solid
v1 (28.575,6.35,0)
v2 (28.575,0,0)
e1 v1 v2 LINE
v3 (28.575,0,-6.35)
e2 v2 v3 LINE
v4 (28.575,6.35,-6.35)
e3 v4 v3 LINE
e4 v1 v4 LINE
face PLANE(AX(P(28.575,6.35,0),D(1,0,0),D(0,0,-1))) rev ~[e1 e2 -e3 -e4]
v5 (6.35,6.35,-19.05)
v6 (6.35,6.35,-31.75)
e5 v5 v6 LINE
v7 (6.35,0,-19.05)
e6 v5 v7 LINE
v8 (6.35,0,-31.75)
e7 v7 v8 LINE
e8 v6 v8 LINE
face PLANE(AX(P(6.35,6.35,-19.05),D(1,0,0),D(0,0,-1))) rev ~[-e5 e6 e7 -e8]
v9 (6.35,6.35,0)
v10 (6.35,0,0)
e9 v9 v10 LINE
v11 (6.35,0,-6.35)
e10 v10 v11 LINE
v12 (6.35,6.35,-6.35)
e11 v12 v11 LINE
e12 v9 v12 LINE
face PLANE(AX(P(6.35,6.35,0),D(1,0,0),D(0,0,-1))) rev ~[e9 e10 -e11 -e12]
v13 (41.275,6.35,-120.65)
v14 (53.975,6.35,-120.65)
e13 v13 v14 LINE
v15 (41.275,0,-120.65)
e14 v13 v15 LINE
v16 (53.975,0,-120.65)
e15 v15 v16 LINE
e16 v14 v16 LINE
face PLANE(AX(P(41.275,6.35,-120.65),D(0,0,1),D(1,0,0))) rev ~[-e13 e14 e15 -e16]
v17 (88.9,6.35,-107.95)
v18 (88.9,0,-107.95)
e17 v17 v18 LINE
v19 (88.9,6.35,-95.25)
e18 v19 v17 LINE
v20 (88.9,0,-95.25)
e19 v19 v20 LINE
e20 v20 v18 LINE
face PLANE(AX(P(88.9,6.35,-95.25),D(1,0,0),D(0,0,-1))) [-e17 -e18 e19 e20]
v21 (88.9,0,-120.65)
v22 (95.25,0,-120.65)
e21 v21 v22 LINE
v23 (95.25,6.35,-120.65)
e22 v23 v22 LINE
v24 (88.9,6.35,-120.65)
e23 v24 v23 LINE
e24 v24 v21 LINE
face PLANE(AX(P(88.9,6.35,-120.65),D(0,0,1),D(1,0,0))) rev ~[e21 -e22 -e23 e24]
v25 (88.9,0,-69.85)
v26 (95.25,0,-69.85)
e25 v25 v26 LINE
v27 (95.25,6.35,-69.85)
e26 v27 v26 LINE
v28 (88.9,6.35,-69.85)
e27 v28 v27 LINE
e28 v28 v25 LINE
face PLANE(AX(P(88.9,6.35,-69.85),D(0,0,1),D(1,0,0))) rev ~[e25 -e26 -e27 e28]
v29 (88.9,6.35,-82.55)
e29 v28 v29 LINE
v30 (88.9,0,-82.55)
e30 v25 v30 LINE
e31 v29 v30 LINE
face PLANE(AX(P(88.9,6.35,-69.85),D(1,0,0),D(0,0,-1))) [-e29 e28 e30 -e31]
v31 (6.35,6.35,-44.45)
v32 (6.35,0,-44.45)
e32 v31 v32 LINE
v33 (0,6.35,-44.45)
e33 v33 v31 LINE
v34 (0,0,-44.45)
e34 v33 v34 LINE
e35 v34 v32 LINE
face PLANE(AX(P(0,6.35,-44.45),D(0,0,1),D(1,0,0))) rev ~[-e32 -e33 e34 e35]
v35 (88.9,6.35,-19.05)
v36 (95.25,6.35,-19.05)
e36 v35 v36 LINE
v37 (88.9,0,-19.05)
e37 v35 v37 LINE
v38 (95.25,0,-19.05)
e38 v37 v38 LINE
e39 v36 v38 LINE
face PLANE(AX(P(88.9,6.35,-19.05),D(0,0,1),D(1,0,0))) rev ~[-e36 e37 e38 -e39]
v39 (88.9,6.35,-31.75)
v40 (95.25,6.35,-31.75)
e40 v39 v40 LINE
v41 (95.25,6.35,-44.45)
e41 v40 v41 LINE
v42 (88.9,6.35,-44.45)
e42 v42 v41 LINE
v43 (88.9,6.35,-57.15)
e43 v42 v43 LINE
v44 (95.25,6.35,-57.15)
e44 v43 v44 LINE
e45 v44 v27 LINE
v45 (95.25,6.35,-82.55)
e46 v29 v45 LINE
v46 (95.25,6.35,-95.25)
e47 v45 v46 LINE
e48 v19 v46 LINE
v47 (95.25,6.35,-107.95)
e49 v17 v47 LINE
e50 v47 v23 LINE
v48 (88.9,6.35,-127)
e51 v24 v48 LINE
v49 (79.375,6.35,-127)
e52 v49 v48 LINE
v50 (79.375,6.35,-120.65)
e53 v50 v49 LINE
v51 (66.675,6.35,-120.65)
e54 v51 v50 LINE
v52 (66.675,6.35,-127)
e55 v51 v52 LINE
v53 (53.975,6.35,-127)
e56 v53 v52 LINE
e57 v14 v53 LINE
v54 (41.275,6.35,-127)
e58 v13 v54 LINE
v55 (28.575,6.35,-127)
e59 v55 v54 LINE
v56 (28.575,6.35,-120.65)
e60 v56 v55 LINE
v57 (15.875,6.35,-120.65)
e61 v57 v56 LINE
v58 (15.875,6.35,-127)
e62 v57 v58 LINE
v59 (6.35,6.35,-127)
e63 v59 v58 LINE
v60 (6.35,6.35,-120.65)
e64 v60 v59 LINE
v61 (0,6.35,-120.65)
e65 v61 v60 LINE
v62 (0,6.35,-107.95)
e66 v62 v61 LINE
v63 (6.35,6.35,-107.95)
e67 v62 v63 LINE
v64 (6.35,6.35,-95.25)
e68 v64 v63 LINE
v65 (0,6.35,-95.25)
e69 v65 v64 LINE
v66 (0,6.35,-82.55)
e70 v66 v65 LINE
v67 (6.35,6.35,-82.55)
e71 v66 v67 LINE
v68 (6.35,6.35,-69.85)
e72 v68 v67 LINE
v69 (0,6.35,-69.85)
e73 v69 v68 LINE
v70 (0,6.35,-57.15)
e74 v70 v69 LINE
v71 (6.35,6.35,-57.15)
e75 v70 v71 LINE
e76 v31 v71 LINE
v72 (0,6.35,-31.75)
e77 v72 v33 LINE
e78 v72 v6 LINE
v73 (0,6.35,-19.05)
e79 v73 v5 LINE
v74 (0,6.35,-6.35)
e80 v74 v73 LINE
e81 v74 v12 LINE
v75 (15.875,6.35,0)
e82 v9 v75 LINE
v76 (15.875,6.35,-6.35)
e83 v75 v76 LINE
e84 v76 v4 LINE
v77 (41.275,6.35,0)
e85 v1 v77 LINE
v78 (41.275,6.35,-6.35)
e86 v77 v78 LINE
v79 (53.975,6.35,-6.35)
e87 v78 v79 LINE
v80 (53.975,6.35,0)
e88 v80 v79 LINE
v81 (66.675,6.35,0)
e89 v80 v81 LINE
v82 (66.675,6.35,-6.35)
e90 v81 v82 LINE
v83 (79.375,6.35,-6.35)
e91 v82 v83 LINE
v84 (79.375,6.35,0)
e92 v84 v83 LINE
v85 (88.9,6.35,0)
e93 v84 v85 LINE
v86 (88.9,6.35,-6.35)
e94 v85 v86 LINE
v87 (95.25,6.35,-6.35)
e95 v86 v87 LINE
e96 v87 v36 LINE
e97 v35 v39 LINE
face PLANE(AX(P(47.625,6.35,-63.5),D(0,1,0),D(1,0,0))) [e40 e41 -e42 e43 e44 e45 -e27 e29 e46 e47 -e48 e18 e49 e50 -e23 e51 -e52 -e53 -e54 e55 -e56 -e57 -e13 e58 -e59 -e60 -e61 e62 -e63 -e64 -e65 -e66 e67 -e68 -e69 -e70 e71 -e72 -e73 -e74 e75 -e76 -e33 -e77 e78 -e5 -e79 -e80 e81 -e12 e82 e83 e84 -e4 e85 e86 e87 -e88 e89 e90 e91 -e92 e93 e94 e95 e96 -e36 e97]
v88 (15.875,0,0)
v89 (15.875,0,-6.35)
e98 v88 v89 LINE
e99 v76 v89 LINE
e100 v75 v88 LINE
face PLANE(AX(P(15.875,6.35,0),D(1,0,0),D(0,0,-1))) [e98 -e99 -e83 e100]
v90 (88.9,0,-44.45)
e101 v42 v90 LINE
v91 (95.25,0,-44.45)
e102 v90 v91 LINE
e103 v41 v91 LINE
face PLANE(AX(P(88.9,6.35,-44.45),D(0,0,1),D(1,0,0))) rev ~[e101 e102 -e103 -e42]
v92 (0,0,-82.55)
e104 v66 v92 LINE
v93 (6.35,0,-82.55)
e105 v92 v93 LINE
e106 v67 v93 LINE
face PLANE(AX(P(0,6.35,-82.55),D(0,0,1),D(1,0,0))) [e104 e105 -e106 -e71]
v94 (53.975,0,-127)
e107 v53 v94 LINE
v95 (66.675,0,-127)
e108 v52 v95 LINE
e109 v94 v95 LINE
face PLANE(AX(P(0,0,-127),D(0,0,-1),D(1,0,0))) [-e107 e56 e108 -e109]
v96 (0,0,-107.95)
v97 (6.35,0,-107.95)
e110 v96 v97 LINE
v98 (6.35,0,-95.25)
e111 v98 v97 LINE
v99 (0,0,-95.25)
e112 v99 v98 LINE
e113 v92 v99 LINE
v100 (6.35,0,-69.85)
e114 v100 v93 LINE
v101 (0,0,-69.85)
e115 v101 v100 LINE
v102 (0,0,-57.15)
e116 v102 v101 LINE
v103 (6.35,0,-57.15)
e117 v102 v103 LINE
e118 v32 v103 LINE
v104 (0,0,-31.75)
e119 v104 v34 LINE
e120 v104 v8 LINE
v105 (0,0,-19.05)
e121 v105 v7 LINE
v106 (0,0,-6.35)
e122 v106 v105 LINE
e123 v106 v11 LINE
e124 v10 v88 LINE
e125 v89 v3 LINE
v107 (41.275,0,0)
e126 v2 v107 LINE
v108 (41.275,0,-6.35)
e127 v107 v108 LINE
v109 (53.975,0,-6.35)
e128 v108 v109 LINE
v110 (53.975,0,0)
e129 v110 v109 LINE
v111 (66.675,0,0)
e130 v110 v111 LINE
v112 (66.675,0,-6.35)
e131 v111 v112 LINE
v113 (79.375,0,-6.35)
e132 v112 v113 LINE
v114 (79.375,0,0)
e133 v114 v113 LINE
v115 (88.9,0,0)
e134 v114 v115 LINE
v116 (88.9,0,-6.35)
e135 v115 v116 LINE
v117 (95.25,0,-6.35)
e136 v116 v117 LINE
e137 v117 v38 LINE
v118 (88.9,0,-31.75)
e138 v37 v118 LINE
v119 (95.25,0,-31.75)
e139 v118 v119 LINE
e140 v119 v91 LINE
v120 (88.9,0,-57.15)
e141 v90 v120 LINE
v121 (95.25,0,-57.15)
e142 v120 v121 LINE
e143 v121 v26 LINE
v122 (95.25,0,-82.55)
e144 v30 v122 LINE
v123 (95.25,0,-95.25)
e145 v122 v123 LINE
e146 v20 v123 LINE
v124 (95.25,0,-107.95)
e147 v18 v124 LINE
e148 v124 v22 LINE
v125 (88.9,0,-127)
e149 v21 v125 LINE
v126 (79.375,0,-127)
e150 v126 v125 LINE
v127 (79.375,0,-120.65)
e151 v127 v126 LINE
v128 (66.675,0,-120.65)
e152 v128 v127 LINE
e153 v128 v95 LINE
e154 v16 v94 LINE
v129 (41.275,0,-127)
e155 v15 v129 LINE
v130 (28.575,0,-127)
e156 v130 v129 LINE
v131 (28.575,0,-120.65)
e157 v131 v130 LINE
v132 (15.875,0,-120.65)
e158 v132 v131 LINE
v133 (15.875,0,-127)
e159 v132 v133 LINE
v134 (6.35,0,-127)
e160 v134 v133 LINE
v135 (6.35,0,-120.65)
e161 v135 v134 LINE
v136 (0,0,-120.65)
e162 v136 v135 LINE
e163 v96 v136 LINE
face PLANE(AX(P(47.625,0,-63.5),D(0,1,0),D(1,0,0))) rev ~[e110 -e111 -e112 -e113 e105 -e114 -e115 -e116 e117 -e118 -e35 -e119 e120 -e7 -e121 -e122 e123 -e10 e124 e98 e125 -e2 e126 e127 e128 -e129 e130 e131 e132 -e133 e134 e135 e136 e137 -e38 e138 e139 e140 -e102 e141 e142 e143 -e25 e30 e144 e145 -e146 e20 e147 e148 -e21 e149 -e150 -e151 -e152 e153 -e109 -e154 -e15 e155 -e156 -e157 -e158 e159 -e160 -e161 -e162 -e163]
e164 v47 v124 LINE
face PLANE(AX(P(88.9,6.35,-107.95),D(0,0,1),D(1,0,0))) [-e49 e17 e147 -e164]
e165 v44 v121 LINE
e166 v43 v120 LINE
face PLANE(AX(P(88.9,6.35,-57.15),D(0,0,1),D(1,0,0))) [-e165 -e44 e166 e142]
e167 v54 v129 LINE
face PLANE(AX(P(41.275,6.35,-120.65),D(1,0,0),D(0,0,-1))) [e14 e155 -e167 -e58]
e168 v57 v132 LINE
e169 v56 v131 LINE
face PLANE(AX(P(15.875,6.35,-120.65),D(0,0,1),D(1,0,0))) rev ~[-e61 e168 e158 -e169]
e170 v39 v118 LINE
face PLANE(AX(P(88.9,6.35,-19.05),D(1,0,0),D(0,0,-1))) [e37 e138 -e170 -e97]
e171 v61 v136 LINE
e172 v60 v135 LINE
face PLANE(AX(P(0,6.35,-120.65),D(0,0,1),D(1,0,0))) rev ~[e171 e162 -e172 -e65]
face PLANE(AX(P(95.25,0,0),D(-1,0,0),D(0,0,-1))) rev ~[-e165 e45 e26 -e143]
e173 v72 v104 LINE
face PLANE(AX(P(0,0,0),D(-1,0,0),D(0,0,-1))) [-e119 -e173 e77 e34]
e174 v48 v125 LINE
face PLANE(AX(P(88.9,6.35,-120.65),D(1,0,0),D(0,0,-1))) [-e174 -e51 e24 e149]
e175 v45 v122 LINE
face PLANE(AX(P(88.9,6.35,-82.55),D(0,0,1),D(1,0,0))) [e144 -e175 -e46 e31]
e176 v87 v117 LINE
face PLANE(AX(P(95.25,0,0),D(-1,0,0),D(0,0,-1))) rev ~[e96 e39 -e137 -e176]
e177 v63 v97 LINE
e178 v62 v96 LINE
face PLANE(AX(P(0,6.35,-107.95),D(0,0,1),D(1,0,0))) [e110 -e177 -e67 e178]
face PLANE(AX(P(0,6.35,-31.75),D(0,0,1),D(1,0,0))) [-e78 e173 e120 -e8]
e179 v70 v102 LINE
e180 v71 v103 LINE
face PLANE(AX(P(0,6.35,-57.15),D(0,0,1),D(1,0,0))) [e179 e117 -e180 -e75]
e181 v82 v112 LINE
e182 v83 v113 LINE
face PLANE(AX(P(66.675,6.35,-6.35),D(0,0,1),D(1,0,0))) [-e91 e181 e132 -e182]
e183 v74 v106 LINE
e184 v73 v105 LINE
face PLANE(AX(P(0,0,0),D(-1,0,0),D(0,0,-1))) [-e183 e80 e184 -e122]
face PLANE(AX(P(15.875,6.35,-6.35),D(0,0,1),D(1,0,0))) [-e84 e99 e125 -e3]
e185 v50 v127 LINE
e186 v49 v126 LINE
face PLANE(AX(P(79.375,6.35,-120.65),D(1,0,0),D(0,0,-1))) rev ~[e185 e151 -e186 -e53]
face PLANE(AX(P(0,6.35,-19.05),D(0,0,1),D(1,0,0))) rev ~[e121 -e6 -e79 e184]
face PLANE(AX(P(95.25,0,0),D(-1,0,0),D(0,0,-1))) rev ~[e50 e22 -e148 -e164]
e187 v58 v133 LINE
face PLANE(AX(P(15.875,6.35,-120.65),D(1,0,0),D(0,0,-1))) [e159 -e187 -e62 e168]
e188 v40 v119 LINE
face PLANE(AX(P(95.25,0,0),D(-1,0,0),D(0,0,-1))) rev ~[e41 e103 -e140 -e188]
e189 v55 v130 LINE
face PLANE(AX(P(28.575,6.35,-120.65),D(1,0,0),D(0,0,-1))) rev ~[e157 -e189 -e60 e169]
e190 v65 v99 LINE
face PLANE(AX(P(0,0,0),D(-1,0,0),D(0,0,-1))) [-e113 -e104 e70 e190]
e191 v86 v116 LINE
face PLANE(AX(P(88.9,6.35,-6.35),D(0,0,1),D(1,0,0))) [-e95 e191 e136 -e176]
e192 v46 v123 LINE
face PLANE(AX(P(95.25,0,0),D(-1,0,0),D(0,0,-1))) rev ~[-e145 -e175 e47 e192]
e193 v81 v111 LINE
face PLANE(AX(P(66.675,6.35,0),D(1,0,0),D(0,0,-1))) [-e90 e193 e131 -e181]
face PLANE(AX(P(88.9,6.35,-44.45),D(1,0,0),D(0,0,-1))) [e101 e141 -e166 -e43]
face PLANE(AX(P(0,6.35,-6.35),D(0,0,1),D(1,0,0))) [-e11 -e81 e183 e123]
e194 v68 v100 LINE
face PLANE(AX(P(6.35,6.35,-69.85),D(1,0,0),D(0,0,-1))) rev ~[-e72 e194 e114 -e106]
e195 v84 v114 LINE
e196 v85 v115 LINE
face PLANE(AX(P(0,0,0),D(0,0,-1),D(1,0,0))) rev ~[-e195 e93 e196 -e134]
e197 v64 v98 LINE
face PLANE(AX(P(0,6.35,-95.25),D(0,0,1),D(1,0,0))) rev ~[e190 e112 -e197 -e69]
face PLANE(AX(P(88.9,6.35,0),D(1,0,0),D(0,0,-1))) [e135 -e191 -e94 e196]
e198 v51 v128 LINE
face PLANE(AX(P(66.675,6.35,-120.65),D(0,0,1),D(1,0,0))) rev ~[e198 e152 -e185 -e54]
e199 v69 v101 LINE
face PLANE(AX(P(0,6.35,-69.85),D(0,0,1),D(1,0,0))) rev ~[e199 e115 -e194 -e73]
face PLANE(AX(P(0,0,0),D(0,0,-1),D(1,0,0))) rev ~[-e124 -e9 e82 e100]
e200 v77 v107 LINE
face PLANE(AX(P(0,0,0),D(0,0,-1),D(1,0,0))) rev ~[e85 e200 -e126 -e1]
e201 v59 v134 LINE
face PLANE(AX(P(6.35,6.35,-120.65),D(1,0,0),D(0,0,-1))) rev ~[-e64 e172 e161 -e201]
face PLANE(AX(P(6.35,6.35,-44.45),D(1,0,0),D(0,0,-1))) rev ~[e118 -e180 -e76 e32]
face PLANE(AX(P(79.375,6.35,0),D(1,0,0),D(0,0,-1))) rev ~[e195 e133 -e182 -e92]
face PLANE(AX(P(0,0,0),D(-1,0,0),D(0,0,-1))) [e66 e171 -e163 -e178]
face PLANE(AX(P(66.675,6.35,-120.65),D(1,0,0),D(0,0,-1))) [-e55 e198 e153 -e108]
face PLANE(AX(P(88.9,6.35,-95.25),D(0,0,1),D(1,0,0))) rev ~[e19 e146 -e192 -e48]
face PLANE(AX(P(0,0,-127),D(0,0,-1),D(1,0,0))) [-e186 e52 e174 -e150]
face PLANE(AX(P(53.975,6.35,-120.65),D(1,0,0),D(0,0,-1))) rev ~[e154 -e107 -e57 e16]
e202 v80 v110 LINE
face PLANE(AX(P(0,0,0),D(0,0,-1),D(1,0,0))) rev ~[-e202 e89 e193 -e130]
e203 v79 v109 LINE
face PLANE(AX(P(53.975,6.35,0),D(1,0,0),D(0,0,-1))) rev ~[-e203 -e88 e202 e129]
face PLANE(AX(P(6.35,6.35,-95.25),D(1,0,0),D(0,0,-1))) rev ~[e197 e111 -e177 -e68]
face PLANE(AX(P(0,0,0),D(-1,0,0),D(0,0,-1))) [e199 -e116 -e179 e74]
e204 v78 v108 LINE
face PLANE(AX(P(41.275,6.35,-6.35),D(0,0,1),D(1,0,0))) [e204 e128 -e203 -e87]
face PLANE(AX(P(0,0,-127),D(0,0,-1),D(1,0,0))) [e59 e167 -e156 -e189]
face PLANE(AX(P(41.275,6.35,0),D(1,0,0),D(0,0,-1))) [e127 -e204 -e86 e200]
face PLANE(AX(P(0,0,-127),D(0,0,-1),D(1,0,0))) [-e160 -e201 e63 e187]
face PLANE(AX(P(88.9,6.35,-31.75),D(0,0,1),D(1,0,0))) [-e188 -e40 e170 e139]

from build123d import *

# Parameters (mm, degrees)
SKETCH1_W           = 95.25
SKETCH1_H           = 127
BOSS_EXTRUDE1_DEPTH = 6.35
SKETCH2_W           = 6.35
SKETCH2_H           = 12.7
SKETCH2_H_2         = 6.35
CUT_EXTRUDE1_DEPTH  = 7.35
LPATTERN1_COUNT     = 5
LPATTERN1_PITCH     = 25.4
SKETCH4_W           = 12.7
SKETCH4_H           = 6.35
CUT_EXTRUDE3_DEPTH  = 7.35
LPATTERN2_COUNT     = 2
LPATTERN2_PITCH     = 25.4
LPATTERN2_COL_COUNT = 2
LPATTERN2_COL_PITCH = 25.4


with BuildPart() as part:
    # Sketch1 → Boss-Extrude1 (new body)
    with BuildSketch(Plane(origin=(0, 0, 0), x_dir=(1, 0, 0), z_dir=(0, 1, 0))):
        with Locations((47.625, 63.5)):
            Rectangle(SKETCH1_W, SKETCH1_H)
    extrude(amount=BOSS_EXTRUDE1_DEPTH)

    # Sketch2 → Cut-Extrude1 (cut, through all)
    with BuildSketch(Plane(origin=(0, 6.35, 0), x_dir=(1, 0, 0), z_dir=(0, 1, 0))):
        with Locations((3.175, 127)):
            Rectangle(SKETCH2_W, SKETCH2_H)
        with Locations((92.075, 127)):
            Rectangle(SKETCH2_W, SKETCH2_H)
        with Locations((3.175, 3.175)):
            Rectangle(SKETCH2_W, SKETCH2_H_2)
        with Locations((92.075, 3.175)):
            Rectangle(SKETCH2_W, SKETCH2_H_2)
    cut_extrude1 = extrude(amount=-CUT_EXTRUDE1_DEPTH, mode=Mode.SUBTRACT)

    # LPattern1: Cut-Extrude1 ×5
    with Locations(*[(0, 0, i * LPATTERN1_PITCH) for i in range(1, LPATTERN1_COUNT)]):
        add(cut_extrude1, mode=Mode.SUBTRACT)

    # Sketch4 → Cut-Extrude3 (cut, through all)
    with BuildSketch(Plane(origin=(0, 6.35, 0), x_dir=(1, 0, 0), z_dir=(0, 1, 0))):
        with Locations((47.625, 123.825)):
            Rectangle(SKETCH4_W, SKETCH4_H)
        with Locations((47.625, 3.175)):
            Rectangle(SKETCH4_W, SKETCH4_H)
    cut_extrude3 = extrude(amount=-CUT_EXTRUDE3_DEPTH, mode=Mode.SUBTRACT)

    # LPattern2: Cut-Extrude3 ×2
    with Locations(*[(-i * LPATTERN2_PITCH, 0, 0) for i in range(1, LPATTERN2_COUNT)]):
        add(cut_extrude3, mode=Mode.SUBTRACT)

    # LPattern2 col: Cut-Extrude3 ×2
    with Locations(*[(i * LPATTERN2_COL_PITCH, 0, 0) for i in range(1, LPATTERN2_COL_COUNT)]):
        add(cut_extrude3, mode=Mode.SUBTRACT)


solid = part.part
